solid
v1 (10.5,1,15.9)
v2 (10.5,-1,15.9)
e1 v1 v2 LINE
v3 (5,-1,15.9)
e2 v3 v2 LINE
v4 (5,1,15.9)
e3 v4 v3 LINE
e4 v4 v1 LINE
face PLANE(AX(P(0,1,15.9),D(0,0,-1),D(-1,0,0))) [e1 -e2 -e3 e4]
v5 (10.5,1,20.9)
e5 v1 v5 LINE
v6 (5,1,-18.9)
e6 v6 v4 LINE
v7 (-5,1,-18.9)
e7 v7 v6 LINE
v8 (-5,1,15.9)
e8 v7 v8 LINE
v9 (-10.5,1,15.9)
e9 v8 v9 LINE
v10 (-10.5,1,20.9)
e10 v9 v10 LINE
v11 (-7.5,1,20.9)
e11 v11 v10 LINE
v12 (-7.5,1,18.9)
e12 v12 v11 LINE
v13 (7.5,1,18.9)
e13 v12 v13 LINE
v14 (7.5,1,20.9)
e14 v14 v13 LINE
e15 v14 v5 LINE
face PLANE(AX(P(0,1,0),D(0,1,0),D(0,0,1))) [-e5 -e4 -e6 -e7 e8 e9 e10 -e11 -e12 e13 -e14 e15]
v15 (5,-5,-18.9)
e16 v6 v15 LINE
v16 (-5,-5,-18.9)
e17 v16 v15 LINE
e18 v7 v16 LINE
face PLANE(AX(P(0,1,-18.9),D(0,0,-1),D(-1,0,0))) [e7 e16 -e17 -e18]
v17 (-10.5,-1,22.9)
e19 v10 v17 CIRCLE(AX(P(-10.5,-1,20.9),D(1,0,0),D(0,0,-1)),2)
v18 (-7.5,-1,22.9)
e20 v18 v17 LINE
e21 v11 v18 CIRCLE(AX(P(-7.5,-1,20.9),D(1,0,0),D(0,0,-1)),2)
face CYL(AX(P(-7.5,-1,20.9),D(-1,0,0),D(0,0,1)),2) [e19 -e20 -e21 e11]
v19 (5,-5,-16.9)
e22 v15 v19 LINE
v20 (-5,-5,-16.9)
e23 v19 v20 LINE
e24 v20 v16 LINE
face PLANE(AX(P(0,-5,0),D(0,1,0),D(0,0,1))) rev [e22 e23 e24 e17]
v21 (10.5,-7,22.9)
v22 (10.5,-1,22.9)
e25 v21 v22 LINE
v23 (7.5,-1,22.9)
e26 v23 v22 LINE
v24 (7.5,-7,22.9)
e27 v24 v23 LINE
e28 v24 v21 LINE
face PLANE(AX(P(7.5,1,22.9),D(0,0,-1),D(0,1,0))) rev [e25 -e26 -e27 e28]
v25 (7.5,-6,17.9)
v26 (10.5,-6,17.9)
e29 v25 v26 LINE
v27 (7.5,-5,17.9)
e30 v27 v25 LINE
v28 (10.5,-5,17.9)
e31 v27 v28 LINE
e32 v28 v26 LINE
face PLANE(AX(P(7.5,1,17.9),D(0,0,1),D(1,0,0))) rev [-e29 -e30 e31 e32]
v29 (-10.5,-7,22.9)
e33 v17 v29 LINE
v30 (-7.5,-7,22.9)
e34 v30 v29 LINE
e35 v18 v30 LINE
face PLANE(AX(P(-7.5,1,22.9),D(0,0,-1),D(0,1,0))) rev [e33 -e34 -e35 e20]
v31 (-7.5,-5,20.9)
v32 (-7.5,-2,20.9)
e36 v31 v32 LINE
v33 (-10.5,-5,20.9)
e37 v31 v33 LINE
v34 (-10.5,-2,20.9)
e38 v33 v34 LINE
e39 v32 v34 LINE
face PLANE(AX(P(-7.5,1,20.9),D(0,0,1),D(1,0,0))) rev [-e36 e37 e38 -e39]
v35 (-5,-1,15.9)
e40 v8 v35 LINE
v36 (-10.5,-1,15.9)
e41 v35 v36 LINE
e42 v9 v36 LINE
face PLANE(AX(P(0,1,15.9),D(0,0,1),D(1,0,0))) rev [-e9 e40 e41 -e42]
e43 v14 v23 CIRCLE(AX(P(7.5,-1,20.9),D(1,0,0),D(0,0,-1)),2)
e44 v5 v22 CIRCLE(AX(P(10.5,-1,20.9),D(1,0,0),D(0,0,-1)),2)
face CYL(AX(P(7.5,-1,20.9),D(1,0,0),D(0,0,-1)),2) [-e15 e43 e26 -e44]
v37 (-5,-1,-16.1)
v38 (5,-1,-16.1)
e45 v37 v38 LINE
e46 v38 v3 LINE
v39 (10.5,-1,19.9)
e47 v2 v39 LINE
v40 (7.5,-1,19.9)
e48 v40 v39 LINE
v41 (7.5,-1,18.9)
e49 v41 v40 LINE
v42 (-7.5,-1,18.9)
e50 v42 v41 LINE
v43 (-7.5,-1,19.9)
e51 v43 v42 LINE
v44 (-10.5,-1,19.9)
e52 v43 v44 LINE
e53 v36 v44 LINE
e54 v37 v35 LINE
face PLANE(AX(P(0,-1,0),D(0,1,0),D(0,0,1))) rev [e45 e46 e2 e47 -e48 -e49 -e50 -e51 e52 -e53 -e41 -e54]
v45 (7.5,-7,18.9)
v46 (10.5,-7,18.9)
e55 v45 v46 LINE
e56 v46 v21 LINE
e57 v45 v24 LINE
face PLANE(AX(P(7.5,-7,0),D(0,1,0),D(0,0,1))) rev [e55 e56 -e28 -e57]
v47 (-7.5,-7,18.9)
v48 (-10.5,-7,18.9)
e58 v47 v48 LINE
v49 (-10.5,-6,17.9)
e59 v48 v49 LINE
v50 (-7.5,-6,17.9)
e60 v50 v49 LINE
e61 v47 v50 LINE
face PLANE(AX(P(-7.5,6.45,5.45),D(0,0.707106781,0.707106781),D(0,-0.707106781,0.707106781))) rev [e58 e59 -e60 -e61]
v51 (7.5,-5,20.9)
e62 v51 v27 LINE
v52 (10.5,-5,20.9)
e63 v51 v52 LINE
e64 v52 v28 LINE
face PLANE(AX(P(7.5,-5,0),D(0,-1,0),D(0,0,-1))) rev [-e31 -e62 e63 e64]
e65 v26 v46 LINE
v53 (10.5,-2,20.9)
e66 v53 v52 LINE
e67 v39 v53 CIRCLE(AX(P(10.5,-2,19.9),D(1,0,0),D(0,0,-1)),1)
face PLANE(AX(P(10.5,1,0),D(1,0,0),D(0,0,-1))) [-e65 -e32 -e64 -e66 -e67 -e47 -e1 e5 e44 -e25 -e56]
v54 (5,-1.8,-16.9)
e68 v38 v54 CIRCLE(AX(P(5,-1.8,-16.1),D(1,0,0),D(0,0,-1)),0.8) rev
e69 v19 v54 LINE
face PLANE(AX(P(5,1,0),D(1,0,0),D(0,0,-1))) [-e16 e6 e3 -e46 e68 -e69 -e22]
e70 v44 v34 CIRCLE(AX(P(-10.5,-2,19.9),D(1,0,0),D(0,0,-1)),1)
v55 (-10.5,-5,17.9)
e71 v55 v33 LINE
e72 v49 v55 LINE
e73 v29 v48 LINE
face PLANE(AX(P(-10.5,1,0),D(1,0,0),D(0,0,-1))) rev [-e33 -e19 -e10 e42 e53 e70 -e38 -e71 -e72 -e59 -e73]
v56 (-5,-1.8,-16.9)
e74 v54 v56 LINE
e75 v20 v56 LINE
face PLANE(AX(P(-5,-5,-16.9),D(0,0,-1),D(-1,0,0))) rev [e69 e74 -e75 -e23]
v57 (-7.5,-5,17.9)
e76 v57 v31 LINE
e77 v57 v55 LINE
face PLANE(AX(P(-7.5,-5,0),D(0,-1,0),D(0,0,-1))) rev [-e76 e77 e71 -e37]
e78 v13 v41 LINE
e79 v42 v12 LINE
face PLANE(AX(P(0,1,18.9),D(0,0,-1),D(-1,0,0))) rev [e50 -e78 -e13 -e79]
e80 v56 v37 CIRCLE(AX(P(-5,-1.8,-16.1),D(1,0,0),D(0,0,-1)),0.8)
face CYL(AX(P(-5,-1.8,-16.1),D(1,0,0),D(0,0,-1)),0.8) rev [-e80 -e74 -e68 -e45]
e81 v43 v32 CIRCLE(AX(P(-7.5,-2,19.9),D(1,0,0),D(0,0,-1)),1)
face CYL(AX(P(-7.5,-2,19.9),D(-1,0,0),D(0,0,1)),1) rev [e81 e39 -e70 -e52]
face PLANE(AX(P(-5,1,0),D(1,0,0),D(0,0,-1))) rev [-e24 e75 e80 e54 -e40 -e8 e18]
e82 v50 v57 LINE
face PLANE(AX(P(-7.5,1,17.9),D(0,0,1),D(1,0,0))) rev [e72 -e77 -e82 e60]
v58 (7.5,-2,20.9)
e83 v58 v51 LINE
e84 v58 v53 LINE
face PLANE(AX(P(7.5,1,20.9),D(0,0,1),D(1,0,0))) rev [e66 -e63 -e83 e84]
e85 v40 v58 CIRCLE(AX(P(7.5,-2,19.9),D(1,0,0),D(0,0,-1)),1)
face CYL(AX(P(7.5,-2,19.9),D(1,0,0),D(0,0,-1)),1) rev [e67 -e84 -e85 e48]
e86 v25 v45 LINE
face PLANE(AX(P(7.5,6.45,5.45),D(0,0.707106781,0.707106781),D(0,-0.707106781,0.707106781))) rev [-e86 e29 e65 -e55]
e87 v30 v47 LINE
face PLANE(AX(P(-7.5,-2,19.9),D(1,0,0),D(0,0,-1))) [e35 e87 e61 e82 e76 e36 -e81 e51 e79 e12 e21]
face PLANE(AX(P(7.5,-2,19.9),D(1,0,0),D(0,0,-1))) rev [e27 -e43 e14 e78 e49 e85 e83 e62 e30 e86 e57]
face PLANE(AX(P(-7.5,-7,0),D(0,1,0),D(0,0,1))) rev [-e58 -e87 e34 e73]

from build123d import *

# Parameters (mm, degrees)
SKETCH1_W           = 10
SKETCH1_H           = 37.8
SKETCH1_W_2         = 5.5
SKETCH1_H_2         = 3
BOSS_EXTRUDE1_DEPTH = 1
SKETCH2_W           = 10
SKETCH2_H           = 2
BOSS_EXTRUDE2_DEPTH = 4
BOSS_EXTRUDE3_START = -10.5
BOSS_EXTRUDE3_DEPTH = 3
BOSS_EXTRUDE4_START = 7.5
BOSS_EXTRUDE4_DEPTH = 3
FILLET1_R           = 0.8


with BuildPart() as part:
    # Sketch1 → Boss-Extrude1 (new, symmetric)
    with BuildSketch(Plane(origin=(0, 0, 0), x_dir=(1, 0, 0), z_dir=(0, 1, 0))):
        Rectangle(SKETCH1_W, SKETCH1_H)
        with Locations((-7.75, -17.4)):
            Rectangle(SKETCH1_W_2, SKETCH1_H_2)
        with Locations((7.75, -17.4)):
            Rectangle(SKETCH1_W_2, SKETCH1_H_2)
    extrude(amount=BOSS_EXTRUDE1_DEPTH, both=True)

    # Sketch2 → Boss-Extrude2 (add)
    with BuildSketch(Plane.XZ.offset(1)):
        with Locations((0, -17.9)):
            Rectangle(SKETCH2_W, SKETCH2_H)
    extrude(amount=BOSS_EXTRUDE2_DEPTH)

    # Sketch3 → Boss-Extrude3 (add)
    with BuildSketch(Plane(origin=(0, 0, 0), x_dir=(0, 0, -1), z_dir=(1, 0, 0)).offset(BOSS_EXTRUDE3_START)):
        with BuildLine():
            Line((-18.9, -7), (-22.9, -7))
            Line((-22.9, -7), (-22.9, -1))
            ThreePointArc((-22.9, -1), (-22.314213562, 0.414213562), (-20.9, 1))
            Line((-20.9, 1), (-18.9, 1))
            Line((-18.9, 1), (-18.9, -1))
            Line((-18.9, -1), (-19.9, -1))
            ThreePointArc((-19.9, -1), (-20.607106781, -1.292893219), (-20.9, -2))
            Line((-20.9, -2), (-20.9, -5))
            Line((-20.9, -5), (-17.9, -5))
            Line((-17.9, -5), (-17.9, -6))
            Line((-17.9, -6), (-18.9, -7))
        make_face()
    extrude(amount=BOSS_EXTRUDE3_DEPTH)

    # Sketch3<3> → Boss-Extrude4 (add)
    with BuildSketch(Plane(origin=(0, 0, 0), x_dir=(0, 0, -1), z_dir=(1, 0, 0)).offset(BOSS_EXTRUDE4_START)):
        with BuildLine():
            Line((-18.9, -7), (-22.9, -7))
            Line((-22.9, -7), (-22.9, -1))
            ThreePointArc((-22.9, -1), (-22.314213562, 0.414213562), (-20.9, 1))
            Line((-20.9, 1), (-18.9, 1))
            Line((-18.9, 1), (-18.9, -1))
            Line((-18.9, -1), (-19.9, -1))
            ThreePointArc((-19.9, -1), (-20.607106781, -1.292893219), (-20.9, -2))
            Line((-20.9, -2), (-20.9, -5))
            Line((-20.9, -5), (-17.9, -5))
            Line((-17.9, -5), (-17.9, -6))
            Line((-17.9, -6), (-18.9, -7))
        make_face()
    extrude(amount=BOSS_EXTRUDE4_DEPTH)

    # Fillet1
    fillet1_edges = [part.edges().sort_by_distance(p)[0] for p in [
        (0, -1, -16.9),
    ]]
    fillet(fillet1_edges, radius=FILLET1_R)


solid = part.part
